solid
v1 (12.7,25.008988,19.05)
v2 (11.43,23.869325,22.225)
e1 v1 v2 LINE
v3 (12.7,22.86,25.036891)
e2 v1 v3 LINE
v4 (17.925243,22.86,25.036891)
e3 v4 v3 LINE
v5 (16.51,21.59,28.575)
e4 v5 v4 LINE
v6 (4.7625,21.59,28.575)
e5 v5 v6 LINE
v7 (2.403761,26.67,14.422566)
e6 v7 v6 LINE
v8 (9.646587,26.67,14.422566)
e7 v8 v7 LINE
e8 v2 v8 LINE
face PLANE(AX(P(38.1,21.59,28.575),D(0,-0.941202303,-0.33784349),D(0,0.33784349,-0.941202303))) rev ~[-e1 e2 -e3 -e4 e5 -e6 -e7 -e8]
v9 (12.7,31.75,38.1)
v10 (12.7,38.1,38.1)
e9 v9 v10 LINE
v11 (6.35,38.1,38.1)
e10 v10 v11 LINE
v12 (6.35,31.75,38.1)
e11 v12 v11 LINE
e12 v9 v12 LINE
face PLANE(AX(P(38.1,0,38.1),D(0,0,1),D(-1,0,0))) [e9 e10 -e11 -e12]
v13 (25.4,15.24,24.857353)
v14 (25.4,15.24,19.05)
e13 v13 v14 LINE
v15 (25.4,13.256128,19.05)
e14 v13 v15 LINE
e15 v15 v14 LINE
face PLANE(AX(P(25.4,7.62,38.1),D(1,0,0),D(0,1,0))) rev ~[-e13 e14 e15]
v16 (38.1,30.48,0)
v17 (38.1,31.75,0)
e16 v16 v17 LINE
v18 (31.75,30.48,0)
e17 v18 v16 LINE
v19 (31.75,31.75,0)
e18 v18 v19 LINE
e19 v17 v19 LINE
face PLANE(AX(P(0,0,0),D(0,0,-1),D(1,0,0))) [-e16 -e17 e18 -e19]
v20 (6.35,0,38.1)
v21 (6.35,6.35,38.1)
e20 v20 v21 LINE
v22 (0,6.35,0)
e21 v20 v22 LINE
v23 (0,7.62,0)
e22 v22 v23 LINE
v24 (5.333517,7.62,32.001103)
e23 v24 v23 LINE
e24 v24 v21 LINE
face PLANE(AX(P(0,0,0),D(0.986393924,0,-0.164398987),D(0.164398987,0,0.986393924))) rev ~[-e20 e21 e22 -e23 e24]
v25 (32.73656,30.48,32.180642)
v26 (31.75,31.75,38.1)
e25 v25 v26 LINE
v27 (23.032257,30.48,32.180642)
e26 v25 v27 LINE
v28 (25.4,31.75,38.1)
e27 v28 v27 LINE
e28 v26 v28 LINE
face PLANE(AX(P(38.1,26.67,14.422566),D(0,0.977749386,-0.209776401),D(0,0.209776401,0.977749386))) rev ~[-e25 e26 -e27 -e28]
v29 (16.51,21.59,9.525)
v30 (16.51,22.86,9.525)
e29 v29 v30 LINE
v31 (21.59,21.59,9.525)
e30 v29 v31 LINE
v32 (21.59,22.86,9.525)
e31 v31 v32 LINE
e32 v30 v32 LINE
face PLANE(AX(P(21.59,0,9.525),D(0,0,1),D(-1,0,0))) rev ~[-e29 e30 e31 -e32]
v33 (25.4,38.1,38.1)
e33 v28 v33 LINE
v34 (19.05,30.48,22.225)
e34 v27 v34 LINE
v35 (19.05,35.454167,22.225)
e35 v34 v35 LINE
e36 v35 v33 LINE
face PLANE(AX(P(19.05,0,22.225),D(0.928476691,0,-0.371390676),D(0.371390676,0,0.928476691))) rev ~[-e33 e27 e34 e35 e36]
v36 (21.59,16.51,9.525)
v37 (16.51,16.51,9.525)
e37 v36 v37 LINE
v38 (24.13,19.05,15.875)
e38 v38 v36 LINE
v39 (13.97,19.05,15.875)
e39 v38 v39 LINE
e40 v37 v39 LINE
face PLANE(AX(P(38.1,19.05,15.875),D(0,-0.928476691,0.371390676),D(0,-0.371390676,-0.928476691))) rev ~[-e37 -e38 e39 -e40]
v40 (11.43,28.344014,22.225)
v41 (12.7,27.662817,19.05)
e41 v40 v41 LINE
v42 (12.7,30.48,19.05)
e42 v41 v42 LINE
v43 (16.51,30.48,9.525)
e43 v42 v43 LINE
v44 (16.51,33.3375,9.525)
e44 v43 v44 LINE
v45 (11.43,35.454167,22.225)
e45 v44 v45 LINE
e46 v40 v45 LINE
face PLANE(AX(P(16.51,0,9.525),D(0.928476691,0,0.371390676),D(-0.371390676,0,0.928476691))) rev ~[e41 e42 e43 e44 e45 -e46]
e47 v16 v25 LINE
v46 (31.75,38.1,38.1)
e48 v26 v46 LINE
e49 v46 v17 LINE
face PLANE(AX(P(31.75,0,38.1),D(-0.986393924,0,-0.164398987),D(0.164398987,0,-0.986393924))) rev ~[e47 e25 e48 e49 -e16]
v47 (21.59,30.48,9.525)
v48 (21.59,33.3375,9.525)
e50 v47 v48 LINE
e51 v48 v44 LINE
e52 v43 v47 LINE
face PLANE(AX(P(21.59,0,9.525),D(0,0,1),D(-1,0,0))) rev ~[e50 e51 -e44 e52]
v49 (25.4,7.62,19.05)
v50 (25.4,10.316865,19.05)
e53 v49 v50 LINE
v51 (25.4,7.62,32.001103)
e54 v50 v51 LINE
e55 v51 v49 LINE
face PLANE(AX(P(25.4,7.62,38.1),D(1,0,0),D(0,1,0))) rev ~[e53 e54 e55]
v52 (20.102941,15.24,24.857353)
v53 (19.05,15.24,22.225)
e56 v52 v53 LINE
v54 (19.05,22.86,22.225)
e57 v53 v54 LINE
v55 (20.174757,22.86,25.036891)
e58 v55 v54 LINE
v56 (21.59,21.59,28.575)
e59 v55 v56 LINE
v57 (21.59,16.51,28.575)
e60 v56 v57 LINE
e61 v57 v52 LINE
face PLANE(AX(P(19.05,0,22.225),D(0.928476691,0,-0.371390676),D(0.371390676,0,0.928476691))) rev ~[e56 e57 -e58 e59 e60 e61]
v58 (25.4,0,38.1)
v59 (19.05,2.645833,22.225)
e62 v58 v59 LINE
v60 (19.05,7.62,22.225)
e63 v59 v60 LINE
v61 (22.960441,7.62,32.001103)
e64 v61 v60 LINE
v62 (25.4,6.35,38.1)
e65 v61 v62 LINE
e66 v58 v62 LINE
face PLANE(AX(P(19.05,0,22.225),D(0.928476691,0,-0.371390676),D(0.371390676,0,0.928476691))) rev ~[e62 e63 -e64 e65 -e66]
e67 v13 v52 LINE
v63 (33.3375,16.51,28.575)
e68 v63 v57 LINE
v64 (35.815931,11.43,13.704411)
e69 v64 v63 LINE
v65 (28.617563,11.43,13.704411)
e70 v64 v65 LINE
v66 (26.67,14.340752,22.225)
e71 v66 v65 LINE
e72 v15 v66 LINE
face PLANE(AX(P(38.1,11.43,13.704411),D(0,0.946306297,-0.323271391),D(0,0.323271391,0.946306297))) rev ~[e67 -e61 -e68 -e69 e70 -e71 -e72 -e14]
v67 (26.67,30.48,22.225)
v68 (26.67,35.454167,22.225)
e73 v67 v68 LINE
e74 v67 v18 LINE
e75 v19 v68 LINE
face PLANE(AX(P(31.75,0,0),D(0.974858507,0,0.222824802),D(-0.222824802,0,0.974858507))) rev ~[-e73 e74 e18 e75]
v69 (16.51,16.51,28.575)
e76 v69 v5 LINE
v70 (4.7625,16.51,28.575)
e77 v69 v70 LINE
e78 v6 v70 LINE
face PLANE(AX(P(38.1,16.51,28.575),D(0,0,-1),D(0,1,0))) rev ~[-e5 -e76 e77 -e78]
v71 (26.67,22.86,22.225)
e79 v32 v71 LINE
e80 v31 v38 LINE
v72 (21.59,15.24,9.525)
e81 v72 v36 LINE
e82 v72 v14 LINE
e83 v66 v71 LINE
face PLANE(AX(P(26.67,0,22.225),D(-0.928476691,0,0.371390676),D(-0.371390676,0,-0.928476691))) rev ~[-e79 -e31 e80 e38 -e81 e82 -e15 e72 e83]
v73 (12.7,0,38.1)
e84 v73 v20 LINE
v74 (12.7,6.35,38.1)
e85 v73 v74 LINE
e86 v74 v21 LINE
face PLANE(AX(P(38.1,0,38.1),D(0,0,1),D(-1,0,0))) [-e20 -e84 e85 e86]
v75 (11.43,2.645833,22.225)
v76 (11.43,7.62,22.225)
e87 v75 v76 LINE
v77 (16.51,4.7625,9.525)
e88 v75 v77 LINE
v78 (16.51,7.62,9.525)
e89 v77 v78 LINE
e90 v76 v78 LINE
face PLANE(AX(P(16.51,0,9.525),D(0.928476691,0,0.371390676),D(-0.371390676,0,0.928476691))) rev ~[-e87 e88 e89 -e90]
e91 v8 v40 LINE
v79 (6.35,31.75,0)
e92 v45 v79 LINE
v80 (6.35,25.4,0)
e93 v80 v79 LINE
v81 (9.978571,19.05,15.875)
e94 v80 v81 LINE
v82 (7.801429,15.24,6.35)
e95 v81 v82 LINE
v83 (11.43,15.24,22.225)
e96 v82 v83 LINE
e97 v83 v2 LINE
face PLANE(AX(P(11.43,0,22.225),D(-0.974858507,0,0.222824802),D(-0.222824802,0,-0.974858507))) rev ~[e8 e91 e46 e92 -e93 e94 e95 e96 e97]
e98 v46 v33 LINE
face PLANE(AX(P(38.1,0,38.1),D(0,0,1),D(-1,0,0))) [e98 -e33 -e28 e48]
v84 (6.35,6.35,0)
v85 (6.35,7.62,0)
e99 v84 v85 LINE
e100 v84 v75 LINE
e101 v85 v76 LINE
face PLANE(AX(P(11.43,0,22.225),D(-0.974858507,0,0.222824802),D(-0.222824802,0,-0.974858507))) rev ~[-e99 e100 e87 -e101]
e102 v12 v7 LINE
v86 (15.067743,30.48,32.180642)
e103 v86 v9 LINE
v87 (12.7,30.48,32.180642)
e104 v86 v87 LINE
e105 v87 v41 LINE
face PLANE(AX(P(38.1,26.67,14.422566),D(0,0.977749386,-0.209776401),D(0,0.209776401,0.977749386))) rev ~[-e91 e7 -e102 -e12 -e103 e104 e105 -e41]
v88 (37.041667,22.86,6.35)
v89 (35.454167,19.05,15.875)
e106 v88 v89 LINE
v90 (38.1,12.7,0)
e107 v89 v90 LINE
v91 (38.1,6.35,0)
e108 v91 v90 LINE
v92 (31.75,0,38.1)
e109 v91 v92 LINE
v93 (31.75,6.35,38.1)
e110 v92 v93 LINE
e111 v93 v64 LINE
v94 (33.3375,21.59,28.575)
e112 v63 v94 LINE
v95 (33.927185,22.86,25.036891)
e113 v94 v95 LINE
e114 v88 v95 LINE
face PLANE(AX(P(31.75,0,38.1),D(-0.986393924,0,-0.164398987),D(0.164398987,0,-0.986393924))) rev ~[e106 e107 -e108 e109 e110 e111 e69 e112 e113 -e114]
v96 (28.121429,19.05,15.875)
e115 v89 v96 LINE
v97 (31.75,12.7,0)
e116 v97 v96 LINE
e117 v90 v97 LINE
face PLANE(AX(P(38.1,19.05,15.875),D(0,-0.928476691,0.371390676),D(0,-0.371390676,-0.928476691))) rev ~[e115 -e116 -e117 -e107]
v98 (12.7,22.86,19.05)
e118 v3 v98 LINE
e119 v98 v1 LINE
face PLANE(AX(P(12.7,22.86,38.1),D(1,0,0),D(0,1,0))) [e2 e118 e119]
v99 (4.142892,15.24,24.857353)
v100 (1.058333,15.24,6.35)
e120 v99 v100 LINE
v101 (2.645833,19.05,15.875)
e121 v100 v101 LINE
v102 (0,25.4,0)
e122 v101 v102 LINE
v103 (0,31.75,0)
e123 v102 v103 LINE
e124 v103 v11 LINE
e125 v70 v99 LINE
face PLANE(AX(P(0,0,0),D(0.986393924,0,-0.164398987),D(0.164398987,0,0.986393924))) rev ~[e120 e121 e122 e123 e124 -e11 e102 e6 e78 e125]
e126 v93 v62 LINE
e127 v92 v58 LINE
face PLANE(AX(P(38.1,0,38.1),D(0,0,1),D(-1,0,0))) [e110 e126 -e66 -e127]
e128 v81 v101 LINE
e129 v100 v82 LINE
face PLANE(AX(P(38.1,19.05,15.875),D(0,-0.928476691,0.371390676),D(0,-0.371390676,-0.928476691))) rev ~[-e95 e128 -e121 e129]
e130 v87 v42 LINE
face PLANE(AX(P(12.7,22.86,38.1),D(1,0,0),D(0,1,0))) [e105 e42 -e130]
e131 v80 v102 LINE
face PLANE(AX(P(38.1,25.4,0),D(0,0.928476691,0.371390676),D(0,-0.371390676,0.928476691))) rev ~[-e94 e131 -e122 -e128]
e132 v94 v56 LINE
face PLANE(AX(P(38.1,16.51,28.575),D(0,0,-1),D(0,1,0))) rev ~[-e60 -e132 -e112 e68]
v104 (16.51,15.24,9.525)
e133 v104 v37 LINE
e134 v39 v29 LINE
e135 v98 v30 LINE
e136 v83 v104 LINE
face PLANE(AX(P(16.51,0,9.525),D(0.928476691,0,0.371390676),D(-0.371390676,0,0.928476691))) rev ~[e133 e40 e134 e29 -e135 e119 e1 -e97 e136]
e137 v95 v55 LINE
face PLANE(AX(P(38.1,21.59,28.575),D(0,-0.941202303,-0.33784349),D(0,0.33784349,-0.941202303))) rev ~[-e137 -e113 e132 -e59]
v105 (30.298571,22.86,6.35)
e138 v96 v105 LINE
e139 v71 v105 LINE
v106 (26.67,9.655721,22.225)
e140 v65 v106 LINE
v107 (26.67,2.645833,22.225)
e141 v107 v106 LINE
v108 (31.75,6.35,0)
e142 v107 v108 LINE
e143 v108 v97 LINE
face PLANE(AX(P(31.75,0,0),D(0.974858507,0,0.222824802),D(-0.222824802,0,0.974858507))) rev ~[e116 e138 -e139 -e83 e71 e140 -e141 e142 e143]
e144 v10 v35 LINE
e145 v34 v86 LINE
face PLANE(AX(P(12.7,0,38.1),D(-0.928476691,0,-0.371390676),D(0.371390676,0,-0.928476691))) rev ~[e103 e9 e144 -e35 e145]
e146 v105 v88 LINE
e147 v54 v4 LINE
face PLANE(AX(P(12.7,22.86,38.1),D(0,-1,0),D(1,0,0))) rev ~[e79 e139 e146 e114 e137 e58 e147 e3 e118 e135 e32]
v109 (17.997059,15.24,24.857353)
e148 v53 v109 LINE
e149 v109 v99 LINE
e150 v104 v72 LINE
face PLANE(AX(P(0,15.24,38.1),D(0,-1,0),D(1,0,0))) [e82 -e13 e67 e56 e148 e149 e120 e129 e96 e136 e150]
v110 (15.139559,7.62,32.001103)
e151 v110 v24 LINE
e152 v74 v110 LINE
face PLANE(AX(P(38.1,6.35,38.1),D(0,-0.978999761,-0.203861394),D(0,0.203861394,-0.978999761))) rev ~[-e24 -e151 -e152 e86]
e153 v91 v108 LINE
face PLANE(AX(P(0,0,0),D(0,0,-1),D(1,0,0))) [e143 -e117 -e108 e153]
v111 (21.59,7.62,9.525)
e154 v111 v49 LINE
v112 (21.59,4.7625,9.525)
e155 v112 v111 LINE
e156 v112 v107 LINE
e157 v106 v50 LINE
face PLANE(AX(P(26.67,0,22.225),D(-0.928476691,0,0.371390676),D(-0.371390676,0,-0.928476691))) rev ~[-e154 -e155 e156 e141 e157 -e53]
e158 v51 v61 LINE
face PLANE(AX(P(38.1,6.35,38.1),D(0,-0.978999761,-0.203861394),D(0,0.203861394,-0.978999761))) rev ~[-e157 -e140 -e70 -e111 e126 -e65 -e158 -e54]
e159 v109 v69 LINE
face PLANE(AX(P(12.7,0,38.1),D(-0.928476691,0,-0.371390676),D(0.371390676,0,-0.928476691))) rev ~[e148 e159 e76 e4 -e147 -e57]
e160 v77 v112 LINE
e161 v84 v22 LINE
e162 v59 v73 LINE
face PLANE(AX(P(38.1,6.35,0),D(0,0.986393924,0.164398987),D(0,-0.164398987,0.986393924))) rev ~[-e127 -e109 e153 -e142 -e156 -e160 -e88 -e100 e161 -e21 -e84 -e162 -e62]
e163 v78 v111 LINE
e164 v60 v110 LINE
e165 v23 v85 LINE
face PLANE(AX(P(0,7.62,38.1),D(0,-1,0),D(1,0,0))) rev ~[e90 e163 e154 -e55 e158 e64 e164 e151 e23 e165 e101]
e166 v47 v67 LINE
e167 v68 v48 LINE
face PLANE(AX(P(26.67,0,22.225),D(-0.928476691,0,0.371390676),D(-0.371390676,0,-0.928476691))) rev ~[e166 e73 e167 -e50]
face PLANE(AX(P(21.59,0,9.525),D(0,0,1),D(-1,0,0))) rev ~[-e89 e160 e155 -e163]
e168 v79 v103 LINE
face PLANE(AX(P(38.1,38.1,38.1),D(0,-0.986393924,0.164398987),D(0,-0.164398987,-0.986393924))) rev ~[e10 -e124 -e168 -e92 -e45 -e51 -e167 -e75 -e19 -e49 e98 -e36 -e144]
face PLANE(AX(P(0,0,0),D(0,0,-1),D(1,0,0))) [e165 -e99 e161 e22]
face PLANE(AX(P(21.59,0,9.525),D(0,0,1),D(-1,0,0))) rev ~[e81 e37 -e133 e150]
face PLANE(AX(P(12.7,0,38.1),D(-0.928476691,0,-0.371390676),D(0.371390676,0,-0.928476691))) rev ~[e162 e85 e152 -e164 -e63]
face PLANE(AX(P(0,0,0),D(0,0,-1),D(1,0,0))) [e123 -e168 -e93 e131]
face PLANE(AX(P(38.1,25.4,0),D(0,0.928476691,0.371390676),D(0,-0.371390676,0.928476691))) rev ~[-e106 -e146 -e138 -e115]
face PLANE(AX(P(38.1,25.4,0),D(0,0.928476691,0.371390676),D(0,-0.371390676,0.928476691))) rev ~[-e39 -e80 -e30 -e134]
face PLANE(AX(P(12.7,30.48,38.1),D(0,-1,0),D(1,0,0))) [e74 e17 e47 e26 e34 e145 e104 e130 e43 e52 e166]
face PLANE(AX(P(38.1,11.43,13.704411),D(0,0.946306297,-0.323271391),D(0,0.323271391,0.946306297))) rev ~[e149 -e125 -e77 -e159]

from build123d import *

# Parameters (mm, degrees)
F1_DEPTH = 38.1
F6_DEPTH = 38.1
F7_DEPTH = 38.1
F8_W     = 25.4
F8_H     = 7.62
F9_DEPTH = 38.1


with BuildPart() as f1:
    # F0 (on Front) → F1 (new body)
    with BuildSketch(Plane.XZ):
        Polygon((6.35, 38.1), (0, 0), (6.35, 0), (11.43, 22.225), (16.51, 9.525), (21.59, 9.525), (26.67, 22.225), (31.75, 0), (38.1, 0), (31.75, 38.1), (25.4, 38.1), (19.05, 22.225), (12.7, 38.1), align=None)
        Polygon((0, 38.1), (0, 0), (6.35, 38.1), align=None)
        Polygon((11.43, 22.225), (6.35, 0), (31.75, 0), (26.67, 22.225), (21.59, 9.525), (16.51, 9.525), align=None)
        Polygon((25.4, 38.1), (12.7, 38.1), (19.05, 22.225), align=None)
        Polygon((31.75, 38.1), (38.1, 0), (38.1, 38.1), align=None)
    extrude(amount=-F1_DEPTH)

    # F5 (on offset) → F6 (cut)
    with BuildSketch(Plane.YZ.offset(38.1)):
        Polygon((31.75, 38.1), (6.35, 38.1), (11.43, 13.704411), (16.51, 28.575), (21.59, 28.575), (26.67, 14.422566), align=None)
        Polygon((0, 38.1), (0, 0), (6.35, 0), align=None)
        Polygon((19.05, 15.875), (12.7, 0), (25.4, 0), align=None)
        Polygon((38.1, 0), (38.1, 38.1), (31.75, 0), align=None)
    extrude(amount=-F6_DEPTH, mode=Mode.SUBTRACT)

    # F0 (on Front) → F7 (cut)
    with BuildSketch(Plane.XZ):
        Polygon((0, 38.1), (0, 0), (6.35, 38.1), align=None)
        Polygon((25.4, 38.1), (12.7, 38.1), (19.05, 22.225), align=None)
        Polygon((31.75, 38.1), (38.1, 0), (38.1, 38.1), align=None)
        Polygon((11.43, 22.225), (6.35, 0), (31.75, 0), (26.67, 22.225), (21.59, 9.525), (16.51, 9.525), align=None)
    extrude(amount=-F7_DEPTH, mode=Mode.SUBTRACT)

    # F8 (on offset) → F9 (cut)
    with BuildSketch(Plane.XY.offset(38.1)):
        with Locations((25.4, 26.67)):
            Rectangle(F8_W, F8_H)
        with Locations((12.7, 11.43)):
            Rectangle(F8_W, F8_H)
    extrude(amount=-F9_DEPTH, mode=Mode.SUBTRACT)


solid = f1.part
